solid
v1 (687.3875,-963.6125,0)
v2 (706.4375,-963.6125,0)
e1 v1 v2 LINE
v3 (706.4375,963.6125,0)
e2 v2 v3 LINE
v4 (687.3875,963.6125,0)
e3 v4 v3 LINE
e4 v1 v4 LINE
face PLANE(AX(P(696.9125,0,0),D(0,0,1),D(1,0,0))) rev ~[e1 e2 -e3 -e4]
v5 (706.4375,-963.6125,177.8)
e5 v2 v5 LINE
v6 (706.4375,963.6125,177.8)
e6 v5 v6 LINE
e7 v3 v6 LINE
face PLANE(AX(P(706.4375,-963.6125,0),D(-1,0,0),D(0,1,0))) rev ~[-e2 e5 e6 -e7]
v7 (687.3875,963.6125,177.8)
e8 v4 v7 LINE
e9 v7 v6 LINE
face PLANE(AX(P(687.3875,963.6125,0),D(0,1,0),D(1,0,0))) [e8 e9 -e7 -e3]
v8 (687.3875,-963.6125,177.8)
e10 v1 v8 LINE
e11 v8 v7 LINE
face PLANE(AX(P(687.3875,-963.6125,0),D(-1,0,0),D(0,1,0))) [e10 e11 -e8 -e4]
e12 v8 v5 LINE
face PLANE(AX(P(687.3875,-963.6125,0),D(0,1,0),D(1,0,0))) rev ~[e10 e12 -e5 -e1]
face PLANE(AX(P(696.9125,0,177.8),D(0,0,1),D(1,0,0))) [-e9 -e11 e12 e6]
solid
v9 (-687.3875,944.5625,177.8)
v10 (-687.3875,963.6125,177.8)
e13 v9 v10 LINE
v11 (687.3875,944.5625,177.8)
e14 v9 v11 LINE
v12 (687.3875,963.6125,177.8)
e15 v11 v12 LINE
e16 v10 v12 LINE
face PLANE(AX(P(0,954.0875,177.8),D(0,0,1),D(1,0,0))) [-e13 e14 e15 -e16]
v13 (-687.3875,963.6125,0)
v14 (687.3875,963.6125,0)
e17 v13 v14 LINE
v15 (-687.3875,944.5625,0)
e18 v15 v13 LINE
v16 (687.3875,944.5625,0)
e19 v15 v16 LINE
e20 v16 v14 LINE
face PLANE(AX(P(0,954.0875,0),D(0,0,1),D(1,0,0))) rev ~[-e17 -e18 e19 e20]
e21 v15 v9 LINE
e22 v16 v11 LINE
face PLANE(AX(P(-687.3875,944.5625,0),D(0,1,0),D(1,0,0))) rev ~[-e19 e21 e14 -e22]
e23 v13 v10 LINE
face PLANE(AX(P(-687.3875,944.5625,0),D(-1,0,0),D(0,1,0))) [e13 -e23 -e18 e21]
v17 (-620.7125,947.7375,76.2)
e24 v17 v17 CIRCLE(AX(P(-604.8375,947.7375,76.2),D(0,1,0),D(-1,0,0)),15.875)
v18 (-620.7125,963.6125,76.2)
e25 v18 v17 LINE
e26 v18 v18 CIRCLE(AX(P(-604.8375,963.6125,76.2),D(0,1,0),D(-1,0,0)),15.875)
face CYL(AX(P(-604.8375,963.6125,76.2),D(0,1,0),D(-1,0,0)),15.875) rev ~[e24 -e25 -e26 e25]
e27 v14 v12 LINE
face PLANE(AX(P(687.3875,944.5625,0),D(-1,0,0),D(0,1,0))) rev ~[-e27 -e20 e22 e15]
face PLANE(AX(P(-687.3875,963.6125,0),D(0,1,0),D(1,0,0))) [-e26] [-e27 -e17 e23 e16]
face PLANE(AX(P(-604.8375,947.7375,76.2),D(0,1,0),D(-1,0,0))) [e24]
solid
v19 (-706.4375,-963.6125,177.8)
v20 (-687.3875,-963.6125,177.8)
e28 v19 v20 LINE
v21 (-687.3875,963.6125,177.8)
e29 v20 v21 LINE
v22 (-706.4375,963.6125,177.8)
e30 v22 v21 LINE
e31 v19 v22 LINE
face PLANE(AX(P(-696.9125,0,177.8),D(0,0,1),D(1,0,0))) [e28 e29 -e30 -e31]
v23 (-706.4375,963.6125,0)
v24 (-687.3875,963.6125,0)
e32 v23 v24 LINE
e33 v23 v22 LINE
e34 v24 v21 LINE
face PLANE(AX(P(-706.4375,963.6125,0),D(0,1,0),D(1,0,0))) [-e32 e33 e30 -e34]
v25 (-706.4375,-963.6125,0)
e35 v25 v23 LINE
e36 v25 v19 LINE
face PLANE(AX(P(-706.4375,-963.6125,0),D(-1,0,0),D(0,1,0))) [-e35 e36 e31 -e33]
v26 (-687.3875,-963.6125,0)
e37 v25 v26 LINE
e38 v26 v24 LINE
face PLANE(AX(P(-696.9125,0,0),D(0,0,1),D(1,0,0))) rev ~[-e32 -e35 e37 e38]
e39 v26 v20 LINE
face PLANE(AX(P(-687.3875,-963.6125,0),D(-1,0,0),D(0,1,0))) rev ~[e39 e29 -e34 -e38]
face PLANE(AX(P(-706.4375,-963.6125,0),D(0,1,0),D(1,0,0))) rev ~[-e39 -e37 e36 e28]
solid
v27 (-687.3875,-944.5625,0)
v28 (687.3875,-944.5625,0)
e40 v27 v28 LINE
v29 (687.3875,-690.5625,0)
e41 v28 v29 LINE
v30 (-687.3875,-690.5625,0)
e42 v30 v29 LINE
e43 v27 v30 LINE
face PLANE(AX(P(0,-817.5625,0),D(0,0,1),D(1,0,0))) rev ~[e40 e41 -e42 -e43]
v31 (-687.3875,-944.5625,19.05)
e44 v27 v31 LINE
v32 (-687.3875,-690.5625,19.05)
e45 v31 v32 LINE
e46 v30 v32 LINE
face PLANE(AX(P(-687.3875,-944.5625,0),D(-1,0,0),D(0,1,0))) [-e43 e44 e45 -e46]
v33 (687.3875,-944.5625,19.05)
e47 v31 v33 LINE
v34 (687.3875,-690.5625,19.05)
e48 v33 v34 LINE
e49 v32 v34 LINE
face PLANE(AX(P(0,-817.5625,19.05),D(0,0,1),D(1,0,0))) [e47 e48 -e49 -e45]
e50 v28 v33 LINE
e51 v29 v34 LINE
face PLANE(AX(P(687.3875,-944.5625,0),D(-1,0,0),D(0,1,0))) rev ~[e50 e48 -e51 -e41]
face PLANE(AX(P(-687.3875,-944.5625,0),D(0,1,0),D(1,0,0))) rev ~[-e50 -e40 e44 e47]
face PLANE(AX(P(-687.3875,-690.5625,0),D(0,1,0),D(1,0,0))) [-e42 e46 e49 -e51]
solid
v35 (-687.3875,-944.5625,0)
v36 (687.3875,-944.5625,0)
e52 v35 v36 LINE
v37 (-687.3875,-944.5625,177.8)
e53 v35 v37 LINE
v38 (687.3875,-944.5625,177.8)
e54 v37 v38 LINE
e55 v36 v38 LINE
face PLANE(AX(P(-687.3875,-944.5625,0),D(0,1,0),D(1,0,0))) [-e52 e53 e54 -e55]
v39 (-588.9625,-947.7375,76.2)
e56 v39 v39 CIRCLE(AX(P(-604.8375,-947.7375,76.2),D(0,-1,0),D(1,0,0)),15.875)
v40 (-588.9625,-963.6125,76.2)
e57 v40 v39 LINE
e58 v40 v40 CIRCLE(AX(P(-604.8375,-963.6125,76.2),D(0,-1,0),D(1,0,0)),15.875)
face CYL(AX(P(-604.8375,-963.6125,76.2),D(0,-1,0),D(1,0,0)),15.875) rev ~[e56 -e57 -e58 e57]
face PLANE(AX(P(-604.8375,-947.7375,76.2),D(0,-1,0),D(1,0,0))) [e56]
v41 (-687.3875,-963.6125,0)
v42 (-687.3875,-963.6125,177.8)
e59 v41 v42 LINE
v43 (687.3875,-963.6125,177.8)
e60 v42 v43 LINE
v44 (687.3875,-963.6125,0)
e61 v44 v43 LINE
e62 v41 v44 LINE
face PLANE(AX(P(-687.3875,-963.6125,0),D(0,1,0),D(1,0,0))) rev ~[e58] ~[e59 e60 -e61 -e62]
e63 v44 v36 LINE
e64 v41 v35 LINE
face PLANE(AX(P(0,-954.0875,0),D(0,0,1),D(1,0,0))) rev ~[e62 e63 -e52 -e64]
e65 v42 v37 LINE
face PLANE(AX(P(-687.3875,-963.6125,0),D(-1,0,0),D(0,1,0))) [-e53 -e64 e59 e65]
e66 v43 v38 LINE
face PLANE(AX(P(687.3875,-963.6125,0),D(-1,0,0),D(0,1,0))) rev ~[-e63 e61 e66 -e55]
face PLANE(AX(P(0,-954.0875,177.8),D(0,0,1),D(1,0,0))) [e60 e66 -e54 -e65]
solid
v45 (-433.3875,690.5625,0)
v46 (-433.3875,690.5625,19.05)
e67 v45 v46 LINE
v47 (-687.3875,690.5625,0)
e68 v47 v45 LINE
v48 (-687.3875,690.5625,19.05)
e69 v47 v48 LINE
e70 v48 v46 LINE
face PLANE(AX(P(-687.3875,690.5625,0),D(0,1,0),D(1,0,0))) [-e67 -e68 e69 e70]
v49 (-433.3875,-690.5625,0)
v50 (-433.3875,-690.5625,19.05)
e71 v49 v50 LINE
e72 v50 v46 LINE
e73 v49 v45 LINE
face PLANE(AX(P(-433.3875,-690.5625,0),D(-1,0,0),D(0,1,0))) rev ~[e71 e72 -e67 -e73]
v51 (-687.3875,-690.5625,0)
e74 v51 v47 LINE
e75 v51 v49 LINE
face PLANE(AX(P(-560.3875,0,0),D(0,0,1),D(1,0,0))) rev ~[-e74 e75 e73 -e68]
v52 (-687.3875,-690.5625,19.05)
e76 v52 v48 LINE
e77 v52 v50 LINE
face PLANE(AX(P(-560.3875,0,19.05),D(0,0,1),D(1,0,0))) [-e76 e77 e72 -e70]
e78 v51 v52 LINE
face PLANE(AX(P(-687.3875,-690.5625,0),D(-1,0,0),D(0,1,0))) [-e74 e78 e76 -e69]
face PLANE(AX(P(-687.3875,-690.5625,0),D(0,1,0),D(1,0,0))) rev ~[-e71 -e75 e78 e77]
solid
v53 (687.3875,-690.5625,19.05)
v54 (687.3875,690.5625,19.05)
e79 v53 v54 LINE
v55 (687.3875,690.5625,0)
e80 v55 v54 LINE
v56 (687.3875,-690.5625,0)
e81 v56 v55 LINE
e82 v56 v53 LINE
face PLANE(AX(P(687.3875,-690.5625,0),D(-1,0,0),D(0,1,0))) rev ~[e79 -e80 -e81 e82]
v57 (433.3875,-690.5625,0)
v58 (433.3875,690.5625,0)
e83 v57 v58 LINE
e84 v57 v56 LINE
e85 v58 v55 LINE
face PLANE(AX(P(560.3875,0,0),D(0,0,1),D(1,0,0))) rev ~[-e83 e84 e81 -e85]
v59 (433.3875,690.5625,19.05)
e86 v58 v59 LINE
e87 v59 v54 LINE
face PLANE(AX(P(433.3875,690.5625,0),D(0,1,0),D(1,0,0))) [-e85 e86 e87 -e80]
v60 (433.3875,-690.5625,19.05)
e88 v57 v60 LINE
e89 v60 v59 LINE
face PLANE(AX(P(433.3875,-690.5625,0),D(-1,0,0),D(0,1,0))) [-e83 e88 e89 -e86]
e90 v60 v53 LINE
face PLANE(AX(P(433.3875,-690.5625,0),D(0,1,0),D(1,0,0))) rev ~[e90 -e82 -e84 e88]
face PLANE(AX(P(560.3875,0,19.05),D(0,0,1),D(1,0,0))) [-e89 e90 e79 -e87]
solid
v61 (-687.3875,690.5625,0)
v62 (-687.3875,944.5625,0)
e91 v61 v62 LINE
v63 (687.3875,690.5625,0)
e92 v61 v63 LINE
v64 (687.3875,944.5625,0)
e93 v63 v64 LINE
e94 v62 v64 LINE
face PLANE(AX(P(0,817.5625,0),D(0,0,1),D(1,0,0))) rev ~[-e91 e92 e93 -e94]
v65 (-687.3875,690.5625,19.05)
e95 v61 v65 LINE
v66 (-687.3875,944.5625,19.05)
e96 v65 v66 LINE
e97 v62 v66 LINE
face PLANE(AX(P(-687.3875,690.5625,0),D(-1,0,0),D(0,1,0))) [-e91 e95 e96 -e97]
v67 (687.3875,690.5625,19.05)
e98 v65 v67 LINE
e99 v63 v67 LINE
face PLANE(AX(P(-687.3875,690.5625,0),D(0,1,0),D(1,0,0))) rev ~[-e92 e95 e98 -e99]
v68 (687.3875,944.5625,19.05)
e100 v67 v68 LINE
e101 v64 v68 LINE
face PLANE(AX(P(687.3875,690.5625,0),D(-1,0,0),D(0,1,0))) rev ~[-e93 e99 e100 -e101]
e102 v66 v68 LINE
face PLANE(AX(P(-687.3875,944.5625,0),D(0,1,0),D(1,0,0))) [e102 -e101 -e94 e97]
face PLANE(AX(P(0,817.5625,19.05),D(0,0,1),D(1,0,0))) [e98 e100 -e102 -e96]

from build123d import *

# Parameters (mm, degrees)
F0_W      = 1374.775
F0_H      = 254
F1_DEPTH  = 19.05
F2_W      = 254
F2_H      = 1381.125
F3_DEPTH  = 19.05
F4_W      = 19.05
F4_H      = 1927.225
F5_DEPTH  = 177.8
F6_W      = 1374.775
F6_H      = 19.05
F7_DEPTH  = 177.8
F8_R      = 15.875
F9_DEPTH  = 15.875
F10_R     = 15.875
F11_DEPTH = 15.875


with BuildPart() as f1:
    # F0 (on Top) → F1 (new body)
    with BuildSketch(Plane.XY):
        with Locations((0, -817.5625)):
            Rectangle(F0_W, F0_H)
        with Locations((0, 817.5625)):
            Rectangle(F0_W, F0_H)
    extrude(amount=F1_DEPTH)


with BuildPart() as f3:
    # F2 (on Top) → F3 (new body, through all)
    with BuildSketch(Plane.XY):
        with Locations((-560.3875, 0)):
            Rectangle(F2_W, F2_H)
        with Locations((560.3875, 0)):
            Rectangle(F2_W, F2_H)
    extrude(amount=F3_DEPTH)


with BuildPart() as f5:
    # F4 (on Top) → F5 (new body)
    with BuildSketch(Plane.XY):
        with Locations((-696.9125, 0)):
            Rectangle(F4_W, F4_H)
        with Locations((696.9125, 0)):
            Rectangle(F4_W, F4_H)
    extrude(amount=F5_DEPTH)


with BuildPart() as f7:
    # F6 (on Top) → F7 (new body, through all)
    with BuildSketch(Plane.XY):
        with Locations((0, -954.0875)):
            Rectangle(F6_W, F6_H)
        with Locations((0, 954.0875)):
            Rectangle(F6_W, F6_H)
    extrude(amount=F7_DEPTH)

    # F8 (on face) → F9 (cut)
    with BuildSketch(Plane.XZ.offset(963.6125)):
        with Locations((-604.8375, 76.2)):
            Circle(F8_R)
    extrude(amount=-F9_DEPTH, mode=Mode.SUBTRACT)

    # F10 (on face) → F11 (cut)
    with BuildSketch(Plane(origin=(0, 963.6125, 0), x_dir=(-1, 0, 0), z_dir=(0, 1, 0))):
        with Locations((604.8375, 76.2)):
            Circle(F10_R)
    extrude(amount=-F11_DEPTH, mode=Mode.SUBTRACT)


solid = Compound([f1.part, f3.part, f5.part, f7.part])
